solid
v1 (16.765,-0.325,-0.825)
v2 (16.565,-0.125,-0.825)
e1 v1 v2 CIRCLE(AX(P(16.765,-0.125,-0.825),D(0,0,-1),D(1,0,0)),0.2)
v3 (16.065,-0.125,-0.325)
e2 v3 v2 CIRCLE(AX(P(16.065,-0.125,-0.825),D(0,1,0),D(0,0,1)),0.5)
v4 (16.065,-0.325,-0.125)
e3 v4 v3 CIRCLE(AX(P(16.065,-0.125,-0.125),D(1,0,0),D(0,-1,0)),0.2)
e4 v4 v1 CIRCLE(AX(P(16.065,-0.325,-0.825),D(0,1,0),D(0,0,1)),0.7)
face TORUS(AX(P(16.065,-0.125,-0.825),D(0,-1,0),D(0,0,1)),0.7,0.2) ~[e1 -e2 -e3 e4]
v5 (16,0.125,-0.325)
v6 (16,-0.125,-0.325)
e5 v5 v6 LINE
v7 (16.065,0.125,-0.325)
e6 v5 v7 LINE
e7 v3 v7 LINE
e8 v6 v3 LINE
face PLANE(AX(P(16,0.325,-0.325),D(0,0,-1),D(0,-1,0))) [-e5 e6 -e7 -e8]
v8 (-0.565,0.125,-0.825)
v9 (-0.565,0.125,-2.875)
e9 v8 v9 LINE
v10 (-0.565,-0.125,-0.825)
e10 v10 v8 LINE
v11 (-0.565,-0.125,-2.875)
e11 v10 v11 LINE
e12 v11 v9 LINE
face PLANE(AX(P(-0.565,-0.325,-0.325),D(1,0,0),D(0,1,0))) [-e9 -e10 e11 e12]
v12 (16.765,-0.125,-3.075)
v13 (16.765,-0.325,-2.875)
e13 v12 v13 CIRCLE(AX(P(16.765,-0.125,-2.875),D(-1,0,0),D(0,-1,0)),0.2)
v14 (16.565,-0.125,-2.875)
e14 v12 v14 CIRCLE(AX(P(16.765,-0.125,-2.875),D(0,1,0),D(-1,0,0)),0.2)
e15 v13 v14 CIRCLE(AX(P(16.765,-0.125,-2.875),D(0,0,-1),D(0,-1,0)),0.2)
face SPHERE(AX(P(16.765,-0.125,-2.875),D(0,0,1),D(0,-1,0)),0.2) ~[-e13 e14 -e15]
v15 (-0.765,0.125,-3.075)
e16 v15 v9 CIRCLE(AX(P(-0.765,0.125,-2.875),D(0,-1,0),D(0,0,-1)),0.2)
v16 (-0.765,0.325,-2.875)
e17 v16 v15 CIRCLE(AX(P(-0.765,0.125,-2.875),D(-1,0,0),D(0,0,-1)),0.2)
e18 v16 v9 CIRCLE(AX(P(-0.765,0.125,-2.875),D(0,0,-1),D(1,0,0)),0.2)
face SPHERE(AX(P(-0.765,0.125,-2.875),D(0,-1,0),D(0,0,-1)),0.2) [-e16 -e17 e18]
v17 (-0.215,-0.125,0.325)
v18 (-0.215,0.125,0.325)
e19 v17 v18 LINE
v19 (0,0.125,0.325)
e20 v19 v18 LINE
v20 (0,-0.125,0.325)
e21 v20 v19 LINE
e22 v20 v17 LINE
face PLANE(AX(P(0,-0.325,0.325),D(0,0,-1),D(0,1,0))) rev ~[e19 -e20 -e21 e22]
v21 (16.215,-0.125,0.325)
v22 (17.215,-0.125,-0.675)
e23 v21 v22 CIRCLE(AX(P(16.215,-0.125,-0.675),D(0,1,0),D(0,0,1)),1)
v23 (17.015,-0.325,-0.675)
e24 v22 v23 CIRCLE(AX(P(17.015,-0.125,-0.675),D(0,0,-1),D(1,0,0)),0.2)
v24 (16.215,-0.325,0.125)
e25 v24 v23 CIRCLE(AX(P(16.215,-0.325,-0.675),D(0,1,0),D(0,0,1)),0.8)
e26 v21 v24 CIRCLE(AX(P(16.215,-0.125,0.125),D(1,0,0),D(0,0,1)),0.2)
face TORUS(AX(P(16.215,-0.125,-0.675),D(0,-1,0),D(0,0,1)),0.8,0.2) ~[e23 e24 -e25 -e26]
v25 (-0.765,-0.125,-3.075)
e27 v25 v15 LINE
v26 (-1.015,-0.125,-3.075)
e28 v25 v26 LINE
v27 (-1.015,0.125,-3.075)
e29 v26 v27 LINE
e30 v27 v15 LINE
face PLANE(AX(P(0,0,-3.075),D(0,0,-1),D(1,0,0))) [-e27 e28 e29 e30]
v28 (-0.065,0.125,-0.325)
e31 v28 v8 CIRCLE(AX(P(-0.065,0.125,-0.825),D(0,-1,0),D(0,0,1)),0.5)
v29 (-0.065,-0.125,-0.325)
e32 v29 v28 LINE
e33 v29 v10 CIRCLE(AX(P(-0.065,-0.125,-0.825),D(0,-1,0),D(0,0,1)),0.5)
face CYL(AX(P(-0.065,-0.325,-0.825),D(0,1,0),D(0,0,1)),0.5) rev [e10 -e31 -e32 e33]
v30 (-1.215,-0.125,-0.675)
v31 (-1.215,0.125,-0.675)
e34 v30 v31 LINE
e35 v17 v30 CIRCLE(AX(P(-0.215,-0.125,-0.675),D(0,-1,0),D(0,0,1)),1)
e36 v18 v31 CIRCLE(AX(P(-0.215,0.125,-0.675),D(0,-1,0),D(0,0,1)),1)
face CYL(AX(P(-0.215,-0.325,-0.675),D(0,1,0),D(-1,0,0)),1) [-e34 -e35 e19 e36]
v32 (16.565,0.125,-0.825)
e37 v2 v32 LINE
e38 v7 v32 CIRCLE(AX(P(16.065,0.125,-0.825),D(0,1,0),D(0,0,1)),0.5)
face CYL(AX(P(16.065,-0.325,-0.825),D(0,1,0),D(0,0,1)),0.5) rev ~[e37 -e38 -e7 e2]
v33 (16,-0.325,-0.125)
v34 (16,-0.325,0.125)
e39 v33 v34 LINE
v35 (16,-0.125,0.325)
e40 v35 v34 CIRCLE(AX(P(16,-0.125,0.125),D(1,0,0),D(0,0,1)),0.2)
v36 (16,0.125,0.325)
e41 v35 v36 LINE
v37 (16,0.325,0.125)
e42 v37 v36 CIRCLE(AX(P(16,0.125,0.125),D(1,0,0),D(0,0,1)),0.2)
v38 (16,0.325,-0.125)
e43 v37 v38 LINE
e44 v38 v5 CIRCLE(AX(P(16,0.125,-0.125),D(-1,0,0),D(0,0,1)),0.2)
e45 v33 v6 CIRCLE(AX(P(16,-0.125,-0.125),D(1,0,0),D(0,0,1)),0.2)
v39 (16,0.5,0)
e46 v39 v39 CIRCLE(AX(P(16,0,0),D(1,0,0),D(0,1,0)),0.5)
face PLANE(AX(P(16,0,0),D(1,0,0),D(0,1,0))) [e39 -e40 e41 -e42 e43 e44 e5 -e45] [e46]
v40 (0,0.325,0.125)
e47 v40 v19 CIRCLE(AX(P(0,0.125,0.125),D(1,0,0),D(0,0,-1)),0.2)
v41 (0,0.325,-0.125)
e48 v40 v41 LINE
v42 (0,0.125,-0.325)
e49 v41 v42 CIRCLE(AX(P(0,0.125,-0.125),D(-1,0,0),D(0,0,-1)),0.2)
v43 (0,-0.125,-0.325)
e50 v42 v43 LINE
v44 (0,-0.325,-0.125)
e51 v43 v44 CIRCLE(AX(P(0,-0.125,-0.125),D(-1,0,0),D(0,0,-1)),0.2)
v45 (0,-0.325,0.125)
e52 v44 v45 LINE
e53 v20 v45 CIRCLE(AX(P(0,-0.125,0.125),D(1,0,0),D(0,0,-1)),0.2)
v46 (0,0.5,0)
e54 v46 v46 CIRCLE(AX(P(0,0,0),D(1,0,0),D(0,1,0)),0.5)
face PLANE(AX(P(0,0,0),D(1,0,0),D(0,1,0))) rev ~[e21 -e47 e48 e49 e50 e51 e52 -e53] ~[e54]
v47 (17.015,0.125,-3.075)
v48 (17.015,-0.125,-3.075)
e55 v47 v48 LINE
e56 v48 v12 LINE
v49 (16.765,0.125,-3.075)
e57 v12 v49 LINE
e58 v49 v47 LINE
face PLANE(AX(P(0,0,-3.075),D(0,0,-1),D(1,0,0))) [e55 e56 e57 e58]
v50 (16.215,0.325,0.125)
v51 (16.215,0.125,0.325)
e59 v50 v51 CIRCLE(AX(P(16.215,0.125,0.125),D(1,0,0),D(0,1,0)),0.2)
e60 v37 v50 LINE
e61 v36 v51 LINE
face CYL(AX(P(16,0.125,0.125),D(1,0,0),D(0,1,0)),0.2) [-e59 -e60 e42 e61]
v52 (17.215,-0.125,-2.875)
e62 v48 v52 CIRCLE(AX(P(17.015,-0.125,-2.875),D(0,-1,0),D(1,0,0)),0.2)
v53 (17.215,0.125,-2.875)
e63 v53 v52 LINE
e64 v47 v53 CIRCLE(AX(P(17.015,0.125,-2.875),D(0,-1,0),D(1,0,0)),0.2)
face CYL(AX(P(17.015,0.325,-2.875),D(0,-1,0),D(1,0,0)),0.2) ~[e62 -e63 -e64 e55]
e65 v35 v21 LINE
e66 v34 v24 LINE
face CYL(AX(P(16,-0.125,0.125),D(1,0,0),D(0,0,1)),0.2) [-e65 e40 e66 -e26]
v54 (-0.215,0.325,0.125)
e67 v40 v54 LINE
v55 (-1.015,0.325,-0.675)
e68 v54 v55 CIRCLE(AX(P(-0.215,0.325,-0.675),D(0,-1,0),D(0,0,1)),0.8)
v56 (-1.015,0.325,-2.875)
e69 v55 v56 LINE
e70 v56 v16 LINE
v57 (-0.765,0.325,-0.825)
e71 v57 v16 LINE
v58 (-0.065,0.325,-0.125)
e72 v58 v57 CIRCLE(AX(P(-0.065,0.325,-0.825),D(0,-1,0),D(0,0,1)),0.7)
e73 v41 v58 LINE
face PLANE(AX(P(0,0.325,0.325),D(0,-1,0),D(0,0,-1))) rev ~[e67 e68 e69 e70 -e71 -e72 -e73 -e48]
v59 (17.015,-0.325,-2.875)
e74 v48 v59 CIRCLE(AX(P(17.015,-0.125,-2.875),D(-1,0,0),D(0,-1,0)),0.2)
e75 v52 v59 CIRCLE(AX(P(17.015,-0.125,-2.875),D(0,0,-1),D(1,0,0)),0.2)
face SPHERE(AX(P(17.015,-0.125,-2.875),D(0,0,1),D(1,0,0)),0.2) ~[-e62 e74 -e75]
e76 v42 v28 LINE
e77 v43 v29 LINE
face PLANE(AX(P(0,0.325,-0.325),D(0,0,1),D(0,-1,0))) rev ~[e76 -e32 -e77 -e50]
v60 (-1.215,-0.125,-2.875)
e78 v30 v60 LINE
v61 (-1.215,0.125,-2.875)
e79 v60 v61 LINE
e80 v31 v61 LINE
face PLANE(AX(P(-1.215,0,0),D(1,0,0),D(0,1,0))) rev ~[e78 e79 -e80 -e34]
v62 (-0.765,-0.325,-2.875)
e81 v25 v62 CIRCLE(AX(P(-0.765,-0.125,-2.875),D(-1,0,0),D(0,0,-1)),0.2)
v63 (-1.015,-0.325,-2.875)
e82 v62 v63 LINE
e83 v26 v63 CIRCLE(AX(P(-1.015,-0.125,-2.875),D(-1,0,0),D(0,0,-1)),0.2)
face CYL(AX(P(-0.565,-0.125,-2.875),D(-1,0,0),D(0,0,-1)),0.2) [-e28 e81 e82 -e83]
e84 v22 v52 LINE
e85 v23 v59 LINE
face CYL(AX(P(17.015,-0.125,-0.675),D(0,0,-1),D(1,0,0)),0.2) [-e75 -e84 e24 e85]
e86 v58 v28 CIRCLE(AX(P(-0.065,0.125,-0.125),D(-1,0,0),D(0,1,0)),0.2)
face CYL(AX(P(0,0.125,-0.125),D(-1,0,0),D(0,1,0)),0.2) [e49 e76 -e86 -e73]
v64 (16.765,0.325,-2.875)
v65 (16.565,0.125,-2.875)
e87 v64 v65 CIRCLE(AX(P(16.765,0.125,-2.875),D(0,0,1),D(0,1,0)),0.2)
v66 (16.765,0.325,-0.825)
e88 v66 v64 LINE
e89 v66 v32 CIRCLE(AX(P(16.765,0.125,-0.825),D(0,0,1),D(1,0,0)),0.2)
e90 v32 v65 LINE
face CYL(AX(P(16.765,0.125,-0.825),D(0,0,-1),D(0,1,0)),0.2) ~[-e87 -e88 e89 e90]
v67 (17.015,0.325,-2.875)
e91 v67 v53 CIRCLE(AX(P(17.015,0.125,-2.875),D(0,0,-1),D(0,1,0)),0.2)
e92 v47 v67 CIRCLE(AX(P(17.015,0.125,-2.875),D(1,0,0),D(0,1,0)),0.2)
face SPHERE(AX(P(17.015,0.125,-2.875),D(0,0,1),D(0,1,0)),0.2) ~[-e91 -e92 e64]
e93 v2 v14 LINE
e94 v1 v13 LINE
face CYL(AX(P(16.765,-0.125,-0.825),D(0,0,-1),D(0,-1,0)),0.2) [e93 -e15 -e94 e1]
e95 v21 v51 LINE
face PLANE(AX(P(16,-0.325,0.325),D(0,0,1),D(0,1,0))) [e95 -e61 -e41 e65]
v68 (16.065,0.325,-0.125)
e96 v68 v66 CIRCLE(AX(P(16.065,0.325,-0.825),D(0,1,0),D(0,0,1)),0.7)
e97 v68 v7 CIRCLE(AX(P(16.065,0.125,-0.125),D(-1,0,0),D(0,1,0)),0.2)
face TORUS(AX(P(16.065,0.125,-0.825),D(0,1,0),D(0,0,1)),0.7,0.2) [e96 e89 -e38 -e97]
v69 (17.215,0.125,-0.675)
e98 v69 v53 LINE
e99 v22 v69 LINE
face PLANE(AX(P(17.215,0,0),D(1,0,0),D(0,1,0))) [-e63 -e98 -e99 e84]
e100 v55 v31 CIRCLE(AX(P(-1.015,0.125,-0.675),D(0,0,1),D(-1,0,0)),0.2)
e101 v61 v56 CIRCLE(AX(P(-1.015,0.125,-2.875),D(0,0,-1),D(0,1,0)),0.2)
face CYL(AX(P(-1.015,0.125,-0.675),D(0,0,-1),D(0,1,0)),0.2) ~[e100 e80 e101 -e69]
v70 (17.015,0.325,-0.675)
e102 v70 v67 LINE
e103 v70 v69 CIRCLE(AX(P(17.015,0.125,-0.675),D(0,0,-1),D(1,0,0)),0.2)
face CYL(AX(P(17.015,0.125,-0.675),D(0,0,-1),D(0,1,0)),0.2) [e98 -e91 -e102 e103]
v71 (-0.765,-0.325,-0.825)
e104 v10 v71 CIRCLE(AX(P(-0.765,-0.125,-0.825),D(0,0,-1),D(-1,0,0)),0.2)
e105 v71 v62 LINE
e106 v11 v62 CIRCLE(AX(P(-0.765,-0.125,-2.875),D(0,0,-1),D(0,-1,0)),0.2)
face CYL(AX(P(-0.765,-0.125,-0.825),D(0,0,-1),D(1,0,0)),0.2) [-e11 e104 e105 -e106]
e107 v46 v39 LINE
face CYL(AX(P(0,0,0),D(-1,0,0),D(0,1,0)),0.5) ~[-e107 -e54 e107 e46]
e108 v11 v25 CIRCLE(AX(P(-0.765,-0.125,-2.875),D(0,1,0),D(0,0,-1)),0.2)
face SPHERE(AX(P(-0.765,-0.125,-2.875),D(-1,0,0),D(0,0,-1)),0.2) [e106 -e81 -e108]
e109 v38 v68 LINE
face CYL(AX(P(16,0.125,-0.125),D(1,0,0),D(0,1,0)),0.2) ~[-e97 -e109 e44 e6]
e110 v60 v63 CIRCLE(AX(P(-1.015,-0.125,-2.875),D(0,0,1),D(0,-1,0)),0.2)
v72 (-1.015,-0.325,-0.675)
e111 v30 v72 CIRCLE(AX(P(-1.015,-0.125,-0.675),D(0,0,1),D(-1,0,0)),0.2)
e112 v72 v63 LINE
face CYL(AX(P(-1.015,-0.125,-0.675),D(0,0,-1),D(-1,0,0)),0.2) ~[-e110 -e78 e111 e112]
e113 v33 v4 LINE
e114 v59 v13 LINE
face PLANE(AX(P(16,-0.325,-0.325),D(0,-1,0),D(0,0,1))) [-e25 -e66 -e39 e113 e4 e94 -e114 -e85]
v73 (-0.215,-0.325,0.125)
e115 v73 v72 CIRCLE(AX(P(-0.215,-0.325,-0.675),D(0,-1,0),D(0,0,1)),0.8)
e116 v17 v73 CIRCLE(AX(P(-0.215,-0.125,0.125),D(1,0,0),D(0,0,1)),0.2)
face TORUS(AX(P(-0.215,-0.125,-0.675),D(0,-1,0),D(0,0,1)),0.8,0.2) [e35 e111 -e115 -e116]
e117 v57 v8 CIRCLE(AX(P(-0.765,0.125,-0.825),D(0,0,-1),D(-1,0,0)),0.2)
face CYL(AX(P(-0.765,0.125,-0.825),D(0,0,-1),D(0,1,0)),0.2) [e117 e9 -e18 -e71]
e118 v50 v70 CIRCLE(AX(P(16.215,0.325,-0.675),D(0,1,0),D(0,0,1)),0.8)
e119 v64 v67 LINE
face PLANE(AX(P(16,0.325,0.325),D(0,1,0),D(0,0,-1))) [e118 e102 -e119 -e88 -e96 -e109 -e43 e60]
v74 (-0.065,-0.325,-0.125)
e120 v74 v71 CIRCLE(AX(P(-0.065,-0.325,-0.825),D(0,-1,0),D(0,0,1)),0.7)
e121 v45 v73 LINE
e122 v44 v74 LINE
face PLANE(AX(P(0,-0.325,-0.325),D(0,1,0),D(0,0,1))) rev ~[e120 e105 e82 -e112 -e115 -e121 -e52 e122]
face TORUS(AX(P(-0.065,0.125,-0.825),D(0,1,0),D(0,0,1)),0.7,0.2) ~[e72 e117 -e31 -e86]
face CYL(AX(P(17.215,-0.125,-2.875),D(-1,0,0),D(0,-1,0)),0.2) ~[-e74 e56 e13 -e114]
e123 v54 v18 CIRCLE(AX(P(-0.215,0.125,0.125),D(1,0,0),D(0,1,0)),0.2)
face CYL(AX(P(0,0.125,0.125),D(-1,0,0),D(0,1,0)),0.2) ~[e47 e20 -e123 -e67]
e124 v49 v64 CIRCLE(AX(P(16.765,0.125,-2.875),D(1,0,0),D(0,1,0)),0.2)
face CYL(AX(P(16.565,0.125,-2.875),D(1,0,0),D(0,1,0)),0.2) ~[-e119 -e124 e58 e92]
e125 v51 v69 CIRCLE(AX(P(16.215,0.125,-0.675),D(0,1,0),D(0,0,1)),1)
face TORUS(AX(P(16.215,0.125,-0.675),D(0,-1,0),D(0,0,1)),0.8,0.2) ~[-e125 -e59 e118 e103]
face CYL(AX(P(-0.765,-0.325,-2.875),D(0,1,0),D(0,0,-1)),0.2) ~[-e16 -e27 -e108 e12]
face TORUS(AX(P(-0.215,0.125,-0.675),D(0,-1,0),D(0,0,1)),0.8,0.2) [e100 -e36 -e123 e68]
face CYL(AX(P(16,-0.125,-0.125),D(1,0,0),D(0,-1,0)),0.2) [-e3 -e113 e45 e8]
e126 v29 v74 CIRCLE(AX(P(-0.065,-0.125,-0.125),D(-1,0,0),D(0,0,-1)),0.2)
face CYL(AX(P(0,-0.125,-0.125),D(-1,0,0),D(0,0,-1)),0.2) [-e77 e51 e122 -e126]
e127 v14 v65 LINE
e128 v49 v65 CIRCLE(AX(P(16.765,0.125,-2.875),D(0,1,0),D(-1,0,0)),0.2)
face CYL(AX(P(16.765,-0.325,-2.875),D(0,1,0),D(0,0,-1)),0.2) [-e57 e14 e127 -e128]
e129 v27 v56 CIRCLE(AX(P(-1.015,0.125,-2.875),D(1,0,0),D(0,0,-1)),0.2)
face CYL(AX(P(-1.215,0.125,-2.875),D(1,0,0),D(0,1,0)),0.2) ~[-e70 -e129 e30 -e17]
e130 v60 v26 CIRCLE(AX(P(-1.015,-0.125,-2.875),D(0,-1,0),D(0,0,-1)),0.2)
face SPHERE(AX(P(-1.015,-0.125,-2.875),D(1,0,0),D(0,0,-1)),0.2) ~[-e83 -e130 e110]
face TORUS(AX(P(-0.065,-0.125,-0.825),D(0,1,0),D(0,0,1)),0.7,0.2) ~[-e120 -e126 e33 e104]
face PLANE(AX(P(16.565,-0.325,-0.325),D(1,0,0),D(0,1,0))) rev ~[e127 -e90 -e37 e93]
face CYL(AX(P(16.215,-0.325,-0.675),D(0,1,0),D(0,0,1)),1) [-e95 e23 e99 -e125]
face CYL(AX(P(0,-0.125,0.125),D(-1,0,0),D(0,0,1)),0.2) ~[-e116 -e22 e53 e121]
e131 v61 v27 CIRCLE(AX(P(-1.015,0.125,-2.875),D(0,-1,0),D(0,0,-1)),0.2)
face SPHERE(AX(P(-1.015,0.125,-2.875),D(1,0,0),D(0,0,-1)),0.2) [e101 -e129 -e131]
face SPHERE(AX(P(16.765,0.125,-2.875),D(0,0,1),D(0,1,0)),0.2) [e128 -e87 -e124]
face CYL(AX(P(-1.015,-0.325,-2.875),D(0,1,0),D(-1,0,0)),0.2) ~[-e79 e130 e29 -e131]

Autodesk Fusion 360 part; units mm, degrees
sketch "Sketch1" plane through (0, 0, 0) normal (1, 0, 0) x (0, 1, 0)
  circle A0 centre (0, 0) radius 0.5
  line L0 (0.325, -0.325) -> (-0.325, -0.325)
  line L1 (-0.325, -0.325) -> (-0.325, 0.325)
  line L2 (-0.325, 0.325) -> (0.325, 0.325)
  line L3 (0.325, 0.325) -> (0.325, -0.325)
  line L4 (0.325, -0.325) -> (-0.325, 0.325) construction
  line L5 (-0.325, -0.325) -> (0.325, 0.325) construction
  dimension "d1" = 1
  dimension "d2" = 0.65
  dimension "d3" = 0.65
extrude "Extrude1" add sketch "Sketch1" along normal blind 16 contours A0 | L0 L1 L2 L3
sketch "Sketch2" plane through (16, 0, 0) normal (1, 0, 0) x (0, 1, 0)
  circle A0 centre (0, 0) radius 0.5
  line L0 (0.325, -0.325) -> (-0.325, -0.325)
  line L1 (-0.325, -0.325) -> (-0.325, 0.325)
  line L2 (-0.325, 0.325) -> (0.325, 0.325)
  line L3 (0.325, 0.325) -> (0.325, -0.325)
  line L4 (0.325, -0.325) -> (-0.325, 0.325) construction
  line L5 (-0.325, -0.325) -> (0.325, 0.325) construction
  dimension "d8" = 0.65
  dimension "d9" = 0.65
extrude "Extrude2" add sketch "Sketch2" along normal blind 1.215 contours L0 L1 L2 L3
extrude "Extrude3" add sketch "Sketch1" against normal blind 1.215 contours L0 L1 L2 L3
sketch "Sketch3" plane through (0, 0, -0.325) normal (0, 0, -1) x (1, 0, 0)
  line L0 (16, 0.325) -> (16, -0.325)
  line L1 (16, -0.325) -> (17.215, -0.325)
  line L2 (17.215, -0.325) -> (17.215, 0.325)
  line L3 (17.215, 0.325) -> (16, 0.325)
  line L4 (17.215, 0.325) -> (16.565, 0.325)
  line L5 (16.565, 0.325) -> (16.565, -0.325)
  line L6 (16.565, -0.325) -> (17.215, -0.325)
  line L7 (17.215, -0.325) -> (17.215, 0.325)
  line L8 (17.215, 0.325) -> (16.565, -0.325) construction
  line L9 (16.565, 0.325) -> (17.215, -0.325) construction
  point P0 (16.89, 0)
  dimension "d14" = 0.65
  dimension "d15" = 0.65
sketch "Sketch4" plane through (0, 0, -0.325) normal (0, 0, -1) x (1, 0, 0)
  line L0 (0, -0.325) -> (0, 0.325)
  line L1 (0, 0.325) -> (-1.215, 0.325)
  line L2 (-1.215, 0.325) -> (-1.215, -0.325)
  line L3 (-1.215, -0.325) -> (0, -0.325)
  line L4 (-0.565, -0.325) -> (-1.215, -0.325)
  line L5 (-1.215, -0.325) -> (-1.215, 0.325)
  line L6 (-1.215, 0.325) -> (-0.565, 0.325)
  line L7 (-0.565, 0.325) -> (-0.565, -0.325)
  line L8 (-0.565, -0.325) -> (-1.215, 0.325) construction
  line L9 (-1.215, -0.325) -> (-0.565, 0.325) construction
  point P0 (-0.89, 0)
  dimension "d17" = 0.65
  dimension "d18" = 0.65
extrude "Extrude4" add sketch "Sketch4" sketch "Sketch3" along normal blind 2.75 contours L1 L2 L3 L4 L5 L6 L7 of sketch 2 contours L1 L2 L3 L4 L5 L6 L7
fillet "Fillet1" radius 0.5 2 edges at (-0.565, 0, -0.325) (16.565, 0, -0.325)
fillet "Fillet2" radius 1 2 edges at (-1.215, 0, 0.325) (17.215, 0, 0.325)
fillet "Fillet3" radius 0.2 28 edges at (-0.89, -0.325, -3.075) (-0.565, 0, -3.075) (-0.89, 0.325, -3.075) (-1.215, 0, -3.075) (-0.4186, -0.325, -0.4714) (-0.565, -0.325, -1.95) (-0.1075, -0.325, 0.325) (-0.9221, -0.325, 0.0321) (-1.215, -0.325, -1.875) (-0.1075, 0.325, 0.325) (-0.9221, 0.325, 0.0321) (-1.215, 0.325, -1.875) (-0.4186, 0.325, -0.4714) (-0.565, 0.325, -1.95) (16.1075, -0.325, 0.325) (16.9221, -0.325, 0.0321) (17.215, -0.325, -1.875) (16.565, -0.325, -1.95) (16.4186, -0.325, -0.4714) (17.215, 0.325, -1.875) (16.9221, 0.325, 0.0321) (16.1075, 0.325, 0.325) (16.4186, 0.325, -0.4714) (16.565, 0.325, -1.95) (16.89, 0.325, -3.075) (17.215, 0, -3.075) (16.89, -0.325, -3.075) (16.565, 0, -3.075)
equation "d1 = width"
equation "d2 = d3"
equation "d3 = d1 * 0.65"
equation "width = 1 mm"
equation "baseLenght = 16 mm"
equation "d6 = baseLenght"
equation "d8 = width * 0.65"
equation "d9 = d8"
equation "d10 = ( ( 2.54 * ceil(( baseLenght + 1.3 * width ) / 2.54 mm) ) * 1 mm + 0.65 * width - baseLenght ) / 2"
equation "d12 = -( ( 2.54 * ceil(( baseLenght + 1.3 * width ) / 2.54 mm) ) * 1 mm + 0.65 * width - baseLenght ) / 2"
equation "d14 = width * 0.65"
equation "d15 = d14"
equation "d17 = width * 0.65"
equation "d18 = d17"
equation "d26 = 0.2 * width"
